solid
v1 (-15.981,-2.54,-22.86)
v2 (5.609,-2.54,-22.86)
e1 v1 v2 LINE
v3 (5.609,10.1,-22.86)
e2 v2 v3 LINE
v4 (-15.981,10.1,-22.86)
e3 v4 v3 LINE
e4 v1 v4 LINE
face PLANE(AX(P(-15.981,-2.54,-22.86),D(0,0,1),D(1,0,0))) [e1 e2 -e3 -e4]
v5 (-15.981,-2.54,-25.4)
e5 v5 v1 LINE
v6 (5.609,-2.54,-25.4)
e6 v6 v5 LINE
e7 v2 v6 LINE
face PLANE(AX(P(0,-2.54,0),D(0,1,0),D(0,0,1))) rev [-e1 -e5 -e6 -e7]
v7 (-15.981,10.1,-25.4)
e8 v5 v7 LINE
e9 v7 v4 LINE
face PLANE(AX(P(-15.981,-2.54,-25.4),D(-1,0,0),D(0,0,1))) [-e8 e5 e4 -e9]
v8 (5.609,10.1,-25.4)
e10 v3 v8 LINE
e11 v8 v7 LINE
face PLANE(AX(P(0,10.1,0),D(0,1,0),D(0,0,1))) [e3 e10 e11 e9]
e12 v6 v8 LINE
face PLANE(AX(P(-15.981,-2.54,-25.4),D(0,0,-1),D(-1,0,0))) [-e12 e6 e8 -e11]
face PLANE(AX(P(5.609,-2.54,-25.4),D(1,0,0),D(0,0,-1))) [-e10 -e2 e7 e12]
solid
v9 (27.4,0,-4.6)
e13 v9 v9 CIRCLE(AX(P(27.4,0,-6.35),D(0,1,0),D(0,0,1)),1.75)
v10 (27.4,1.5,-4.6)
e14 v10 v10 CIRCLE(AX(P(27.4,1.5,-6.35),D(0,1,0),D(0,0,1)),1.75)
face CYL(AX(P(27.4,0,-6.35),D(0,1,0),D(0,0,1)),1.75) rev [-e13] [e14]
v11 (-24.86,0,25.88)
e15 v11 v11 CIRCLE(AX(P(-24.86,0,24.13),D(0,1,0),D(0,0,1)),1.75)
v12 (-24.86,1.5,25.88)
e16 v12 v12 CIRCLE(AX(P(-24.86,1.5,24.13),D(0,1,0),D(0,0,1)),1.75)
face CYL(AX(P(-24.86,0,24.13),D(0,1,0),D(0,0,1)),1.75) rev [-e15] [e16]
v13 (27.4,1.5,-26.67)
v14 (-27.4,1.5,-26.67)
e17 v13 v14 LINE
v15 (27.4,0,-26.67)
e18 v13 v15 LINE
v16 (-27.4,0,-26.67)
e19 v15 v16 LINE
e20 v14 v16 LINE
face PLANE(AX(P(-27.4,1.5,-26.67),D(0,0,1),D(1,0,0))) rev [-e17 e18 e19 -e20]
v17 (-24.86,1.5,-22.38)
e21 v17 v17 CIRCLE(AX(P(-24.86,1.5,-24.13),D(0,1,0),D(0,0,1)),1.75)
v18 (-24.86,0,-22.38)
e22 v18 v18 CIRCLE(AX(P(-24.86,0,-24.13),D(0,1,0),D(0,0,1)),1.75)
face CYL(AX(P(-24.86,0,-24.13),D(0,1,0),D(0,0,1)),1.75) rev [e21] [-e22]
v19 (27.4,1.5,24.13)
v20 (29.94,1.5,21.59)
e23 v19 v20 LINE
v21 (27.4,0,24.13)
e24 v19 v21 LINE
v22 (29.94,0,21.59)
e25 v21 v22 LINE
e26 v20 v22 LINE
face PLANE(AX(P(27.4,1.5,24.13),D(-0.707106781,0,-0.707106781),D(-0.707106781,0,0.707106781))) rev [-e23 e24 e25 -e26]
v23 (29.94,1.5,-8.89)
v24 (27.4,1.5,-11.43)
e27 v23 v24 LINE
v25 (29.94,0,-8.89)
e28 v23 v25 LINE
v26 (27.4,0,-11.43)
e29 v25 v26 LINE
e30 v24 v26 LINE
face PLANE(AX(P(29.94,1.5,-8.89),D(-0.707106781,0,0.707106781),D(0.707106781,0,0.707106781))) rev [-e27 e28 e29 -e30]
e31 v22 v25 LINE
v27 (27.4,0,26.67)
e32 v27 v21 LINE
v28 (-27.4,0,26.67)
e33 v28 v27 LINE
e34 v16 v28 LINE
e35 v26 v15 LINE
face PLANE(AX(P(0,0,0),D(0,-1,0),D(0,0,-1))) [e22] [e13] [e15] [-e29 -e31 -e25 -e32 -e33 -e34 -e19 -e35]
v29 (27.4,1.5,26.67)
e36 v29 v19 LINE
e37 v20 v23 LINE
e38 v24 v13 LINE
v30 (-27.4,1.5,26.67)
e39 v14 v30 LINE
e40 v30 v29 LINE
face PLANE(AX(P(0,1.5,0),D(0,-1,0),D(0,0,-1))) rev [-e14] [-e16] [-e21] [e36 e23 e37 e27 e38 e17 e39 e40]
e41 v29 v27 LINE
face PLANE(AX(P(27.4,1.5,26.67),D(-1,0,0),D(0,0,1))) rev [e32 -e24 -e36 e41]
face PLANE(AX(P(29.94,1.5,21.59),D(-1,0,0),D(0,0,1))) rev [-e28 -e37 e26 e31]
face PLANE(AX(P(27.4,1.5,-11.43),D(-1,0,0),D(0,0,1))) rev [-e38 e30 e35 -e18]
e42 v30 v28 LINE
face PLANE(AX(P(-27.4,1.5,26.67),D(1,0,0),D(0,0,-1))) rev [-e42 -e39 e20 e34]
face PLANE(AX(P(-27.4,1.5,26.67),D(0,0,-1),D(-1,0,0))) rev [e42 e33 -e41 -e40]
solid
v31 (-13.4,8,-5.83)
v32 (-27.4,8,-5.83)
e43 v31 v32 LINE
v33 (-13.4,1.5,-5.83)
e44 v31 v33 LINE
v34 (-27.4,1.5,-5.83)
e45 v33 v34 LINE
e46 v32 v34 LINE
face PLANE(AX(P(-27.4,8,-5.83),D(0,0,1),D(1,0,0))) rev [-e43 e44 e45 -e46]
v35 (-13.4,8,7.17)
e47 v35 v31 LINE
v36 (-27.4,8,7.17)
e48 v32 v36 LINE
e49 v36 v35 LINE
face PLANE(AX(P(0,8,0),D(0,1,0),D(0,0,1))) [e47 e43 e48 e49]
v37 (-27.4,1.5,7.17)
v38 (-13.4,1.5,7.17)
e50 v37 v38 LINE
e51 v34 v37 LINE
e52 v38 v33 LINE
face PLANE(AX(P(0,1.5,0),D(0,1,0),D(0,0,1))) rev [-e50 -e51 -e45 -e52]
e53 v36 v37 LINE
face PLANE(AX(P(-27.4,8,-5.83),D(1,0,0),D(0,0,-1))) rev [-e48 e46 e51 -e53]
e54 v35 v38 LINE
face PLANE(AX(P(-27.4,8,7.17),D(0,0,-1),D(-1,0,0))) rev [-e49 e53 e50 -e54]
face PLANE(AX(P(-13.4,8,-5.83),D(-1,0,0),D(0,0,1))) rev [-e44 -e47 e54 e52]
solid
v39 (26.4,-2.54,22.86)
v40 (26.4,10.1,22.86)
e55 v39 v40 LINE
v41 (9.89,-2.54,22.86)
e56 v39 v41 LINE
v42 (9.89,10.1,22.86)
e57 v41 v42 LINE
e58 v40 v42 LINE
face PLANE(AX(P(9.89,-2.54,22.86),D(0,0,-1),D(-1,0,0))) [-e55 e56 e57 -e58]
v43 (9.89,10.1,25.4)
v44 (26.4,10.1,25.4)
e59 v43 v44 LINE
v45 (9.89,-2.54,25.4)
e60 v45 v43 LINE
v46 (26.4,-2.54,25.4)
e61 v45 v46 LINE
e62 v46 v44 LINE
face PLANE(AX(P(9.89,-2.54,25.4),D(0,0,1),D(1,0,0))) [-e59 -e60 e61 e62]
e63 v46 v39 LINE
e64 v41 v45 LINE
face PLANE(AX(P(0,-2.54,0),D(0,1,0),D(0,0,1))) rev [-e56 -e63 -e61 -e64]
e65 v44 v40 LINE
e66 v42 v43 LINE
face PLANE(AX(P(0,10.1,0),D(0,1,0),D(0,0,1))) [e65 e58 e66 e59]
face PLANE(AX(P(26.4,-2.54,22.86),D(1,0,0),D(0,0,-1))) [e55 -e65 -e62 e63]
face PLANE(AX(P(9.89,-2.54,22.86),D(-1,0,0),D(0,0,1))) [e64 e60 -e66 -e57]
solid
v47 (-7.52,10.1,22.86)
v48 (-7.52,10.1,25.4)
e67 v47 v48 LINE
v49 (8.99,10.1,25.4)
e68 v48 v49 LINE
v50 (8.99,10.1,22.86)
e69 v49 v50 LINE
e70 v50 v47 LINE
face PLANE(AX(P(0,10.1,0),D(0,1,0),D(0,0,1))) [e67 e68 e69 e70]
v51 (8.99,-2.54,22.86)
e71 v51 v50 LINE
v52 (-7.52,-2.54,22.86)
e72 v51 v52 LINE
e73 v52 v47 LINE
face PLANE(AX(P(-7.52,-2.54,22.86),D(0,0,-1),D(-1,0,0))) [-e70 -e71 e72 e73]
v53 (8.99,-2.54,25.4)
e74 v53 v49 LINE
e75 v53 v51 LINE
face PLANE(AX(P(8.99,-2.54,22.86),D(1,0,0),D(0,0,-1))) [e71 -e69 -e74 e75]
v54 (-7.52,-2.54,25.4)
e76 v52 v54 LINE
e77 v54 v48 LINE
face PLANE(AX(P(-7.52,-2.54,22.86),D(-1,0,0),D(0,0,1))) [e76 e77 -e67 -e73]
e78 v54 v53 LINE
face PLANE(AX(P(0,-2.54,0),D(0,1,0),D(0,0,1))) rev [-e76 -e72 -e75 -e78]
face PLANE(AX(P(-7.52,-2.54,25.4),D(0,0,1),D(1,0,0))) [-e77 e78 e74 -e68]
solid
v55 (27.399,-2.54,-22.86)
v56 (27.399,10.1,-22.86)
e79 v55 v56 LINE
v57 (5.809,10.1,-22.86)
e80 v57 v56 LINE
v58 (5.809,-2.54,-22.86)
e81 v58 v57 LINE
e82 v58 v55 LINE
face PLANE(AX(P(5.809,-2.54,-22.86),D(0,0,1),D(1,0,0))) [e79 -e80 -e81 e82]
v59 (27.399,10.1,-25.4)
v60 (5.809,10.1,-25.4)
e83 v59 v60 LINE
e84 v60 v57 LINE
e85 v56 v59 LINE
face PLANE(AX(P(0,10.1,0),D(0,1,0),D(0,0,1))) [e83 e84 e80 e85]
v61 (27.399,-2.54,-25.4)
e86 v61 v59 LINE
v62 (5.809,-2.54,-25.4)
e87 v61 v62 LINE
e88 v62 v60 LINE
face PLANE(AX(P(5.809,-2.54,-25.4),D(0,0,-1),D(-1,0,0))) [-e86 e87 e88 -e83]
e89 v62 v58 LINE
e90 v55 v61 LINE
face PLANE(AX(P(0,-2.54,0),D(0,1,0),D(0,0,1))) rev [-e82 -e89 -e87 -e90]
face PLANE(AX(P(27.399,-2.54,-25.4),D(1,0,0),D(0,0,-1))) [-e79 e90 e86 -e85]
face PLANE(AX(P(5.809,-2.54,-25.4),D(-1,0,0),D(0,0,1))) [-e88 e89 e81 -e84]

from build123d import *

# Parameters (mm, degrees)
BOSS_EXTRUDE1_DEPTH        = 1.5
SKETCH2_R                  = 1.75
CUT_EXTRUDE1_DEPTH         = 2.5
SKETCH3_W                  = 14
SKETCH3_H                  = 13
BOSS_EXTRUDE2_DEPTH        = 6.5
SKETCH4_W                  = 16.51
SKETCH4_H                  = 2.54
BOSS_EXTRUDE3_DEPTH        = 8.6
BOSS_EXTRUDE3_DEPTH_BACK   = 4.04
BOSS_EXTRUDE3_2_DEPTH      = 8.6
BOSS_EXTRUDE3_2_DEPTH_BACK = 4.04
SKETCH4_W_2                = 21.59
BOSS_EXTRUDE3_3_DEPTH      = 8.6
BOSS_EXTRUDE3_3_DEPTH_BACK = 4.04
BOSS_EXTRUDE3_4_DEPTH      = 8.6
BOSS_EXTRUDE3_4_DEPTH_BACK = 4.04


with BuildPart() as part:
    # Sketch1 → Boss-Extrude1 (new body)
    with BuildSketch(Plane(origin=(0, 0, 0), x_dir=(1, 0, 0), z_dir=(0, 1, 0))):
        Polygon((-27.4, -26.67), (27.4, -26.67), (27.4, -24.13), (29.94, -21.59), (29.94, 8.89), (27.4, 11.43), (27.4, 26.67), (-27.4, 26.67), align=None)
    extrude(amount=BOSS_EXTRUDE1_DEPTH)

    # Sketch2 → Cut-Extrude1 (cut, through all)
    with BuildSketch(Plane(origin=(0, 1.5, 0), x_dir=(1, 0, 0), z_dir=(0, 1, 0))):
        with Locations((-24.86, -24.13)):
            Circle(SKETCH2_R)
        with Locations((-24.86, 24.13)):
            Circle(SKETCH2_R)
        with Locations((27.4, 6.35)):
            Circle(SKETCH2_R)
    extrude(amount=-CUT_EXTRUDE1_DEPTH, mode=Mode.SUBTRACT)


with BuildPart() as body_2:
    # Sketch3 → Boss-Extrude2 (new body)
    with BuildSketch(Plane(origin=(0, 1.5, 0), x_dir=(1, 0, 0), z_dir=(0, 1, 0))):
        with Locations((-20.4, -0.67)):
            Rectangle(SKETCH3_W, SKETCH3_H)
    extrude(amount=BOSS_EXTRUDE2_DEPTH)


with BuildPart() as body_3:
    # Sketch4 → Boss-Extrude3 (new body, two sides)
    with BuildSketch(Plane(origin=(0, 1.5, 0), x_dir=(1, 0, 0), z_dir=(0, 1, 0))) as boss_extrude3_sk:
        with Locations((0.735, -24.13)):
            Rectangle(SKETCH4_W, SKETCH4_H)
    extrude(amount=BOSS_EXTRUDE3_DEPTH)
    extrude(boss_extrude3_sk.sketch, amount=-BOSS_EXTRUDE3_DEPTH_BACK)


with BuildPart() as body_4:
    # Sketch4 → Boss-Extrude3 2 (new body, two sides)
    with BuildSketch(Plane(origin=(0, 1.5, 0), x_dir=(1, 0, 0), z_dir=(0, 1, 0))) as boss_extrude3_2_sk:
        with Locations((18.145, -24.13)):
            Rectangle(SKETCH4_W, SKETCH4_H)
    extrude(amount=BOSS_EXTRUDE3_2_DEPTH)
    extrude(boss_extrude3_2_sk.sketch, amount=-BOSS_EXTRUDE3_2_DEPTH_BACK)


with BuildPart() as body_5:
    # Sketch4 → Boss-Extrude3 3 (new body, two sides)
    with BuildSketch(Plane(origin=(0, 1.5, 0), x_dir=(1, 0, 0), z_dir=(0, 1, 0))) as boss_extrude3_3_sk:
        with Locations((-5.186, 24.13)):
            Rectangle(SKETCH4_W_2, SKETCH4_H)
    extrude(amount=BOSS_EXTRUDE3_3_DEPTH)
    extrude(boss_extrude3_3_sk.sketch, amount=-BOSS_EXTRUDE3_3_DEPTH_BACK)


with BuildPart() as body_6:
    # Sketch4 → Boss-Extrude3 4 (new body, two sides)
    with BuildSketch(Plane(origin=(0, 1.5, 0), x_dir=(1, 0, 0), z_dir=(0, 1, 0))) as boss_extrude3_4_sk:
        with Locations((16.604, 24.13)):
            Rectangle(SKETCH4_W_2, SKETCH4_H)
    extrude(amount=BOSS_EXTRUDE3_4_DEPTH)
    extrude(boss_extrude3_4_sk.sketch, amount=-BOSS_EXTRUDE3_4_DEPTH_BACK)


solid = Compound([part.part, body_2.part, body_3.part, body_4.part, body_5.part, body_6.part])
